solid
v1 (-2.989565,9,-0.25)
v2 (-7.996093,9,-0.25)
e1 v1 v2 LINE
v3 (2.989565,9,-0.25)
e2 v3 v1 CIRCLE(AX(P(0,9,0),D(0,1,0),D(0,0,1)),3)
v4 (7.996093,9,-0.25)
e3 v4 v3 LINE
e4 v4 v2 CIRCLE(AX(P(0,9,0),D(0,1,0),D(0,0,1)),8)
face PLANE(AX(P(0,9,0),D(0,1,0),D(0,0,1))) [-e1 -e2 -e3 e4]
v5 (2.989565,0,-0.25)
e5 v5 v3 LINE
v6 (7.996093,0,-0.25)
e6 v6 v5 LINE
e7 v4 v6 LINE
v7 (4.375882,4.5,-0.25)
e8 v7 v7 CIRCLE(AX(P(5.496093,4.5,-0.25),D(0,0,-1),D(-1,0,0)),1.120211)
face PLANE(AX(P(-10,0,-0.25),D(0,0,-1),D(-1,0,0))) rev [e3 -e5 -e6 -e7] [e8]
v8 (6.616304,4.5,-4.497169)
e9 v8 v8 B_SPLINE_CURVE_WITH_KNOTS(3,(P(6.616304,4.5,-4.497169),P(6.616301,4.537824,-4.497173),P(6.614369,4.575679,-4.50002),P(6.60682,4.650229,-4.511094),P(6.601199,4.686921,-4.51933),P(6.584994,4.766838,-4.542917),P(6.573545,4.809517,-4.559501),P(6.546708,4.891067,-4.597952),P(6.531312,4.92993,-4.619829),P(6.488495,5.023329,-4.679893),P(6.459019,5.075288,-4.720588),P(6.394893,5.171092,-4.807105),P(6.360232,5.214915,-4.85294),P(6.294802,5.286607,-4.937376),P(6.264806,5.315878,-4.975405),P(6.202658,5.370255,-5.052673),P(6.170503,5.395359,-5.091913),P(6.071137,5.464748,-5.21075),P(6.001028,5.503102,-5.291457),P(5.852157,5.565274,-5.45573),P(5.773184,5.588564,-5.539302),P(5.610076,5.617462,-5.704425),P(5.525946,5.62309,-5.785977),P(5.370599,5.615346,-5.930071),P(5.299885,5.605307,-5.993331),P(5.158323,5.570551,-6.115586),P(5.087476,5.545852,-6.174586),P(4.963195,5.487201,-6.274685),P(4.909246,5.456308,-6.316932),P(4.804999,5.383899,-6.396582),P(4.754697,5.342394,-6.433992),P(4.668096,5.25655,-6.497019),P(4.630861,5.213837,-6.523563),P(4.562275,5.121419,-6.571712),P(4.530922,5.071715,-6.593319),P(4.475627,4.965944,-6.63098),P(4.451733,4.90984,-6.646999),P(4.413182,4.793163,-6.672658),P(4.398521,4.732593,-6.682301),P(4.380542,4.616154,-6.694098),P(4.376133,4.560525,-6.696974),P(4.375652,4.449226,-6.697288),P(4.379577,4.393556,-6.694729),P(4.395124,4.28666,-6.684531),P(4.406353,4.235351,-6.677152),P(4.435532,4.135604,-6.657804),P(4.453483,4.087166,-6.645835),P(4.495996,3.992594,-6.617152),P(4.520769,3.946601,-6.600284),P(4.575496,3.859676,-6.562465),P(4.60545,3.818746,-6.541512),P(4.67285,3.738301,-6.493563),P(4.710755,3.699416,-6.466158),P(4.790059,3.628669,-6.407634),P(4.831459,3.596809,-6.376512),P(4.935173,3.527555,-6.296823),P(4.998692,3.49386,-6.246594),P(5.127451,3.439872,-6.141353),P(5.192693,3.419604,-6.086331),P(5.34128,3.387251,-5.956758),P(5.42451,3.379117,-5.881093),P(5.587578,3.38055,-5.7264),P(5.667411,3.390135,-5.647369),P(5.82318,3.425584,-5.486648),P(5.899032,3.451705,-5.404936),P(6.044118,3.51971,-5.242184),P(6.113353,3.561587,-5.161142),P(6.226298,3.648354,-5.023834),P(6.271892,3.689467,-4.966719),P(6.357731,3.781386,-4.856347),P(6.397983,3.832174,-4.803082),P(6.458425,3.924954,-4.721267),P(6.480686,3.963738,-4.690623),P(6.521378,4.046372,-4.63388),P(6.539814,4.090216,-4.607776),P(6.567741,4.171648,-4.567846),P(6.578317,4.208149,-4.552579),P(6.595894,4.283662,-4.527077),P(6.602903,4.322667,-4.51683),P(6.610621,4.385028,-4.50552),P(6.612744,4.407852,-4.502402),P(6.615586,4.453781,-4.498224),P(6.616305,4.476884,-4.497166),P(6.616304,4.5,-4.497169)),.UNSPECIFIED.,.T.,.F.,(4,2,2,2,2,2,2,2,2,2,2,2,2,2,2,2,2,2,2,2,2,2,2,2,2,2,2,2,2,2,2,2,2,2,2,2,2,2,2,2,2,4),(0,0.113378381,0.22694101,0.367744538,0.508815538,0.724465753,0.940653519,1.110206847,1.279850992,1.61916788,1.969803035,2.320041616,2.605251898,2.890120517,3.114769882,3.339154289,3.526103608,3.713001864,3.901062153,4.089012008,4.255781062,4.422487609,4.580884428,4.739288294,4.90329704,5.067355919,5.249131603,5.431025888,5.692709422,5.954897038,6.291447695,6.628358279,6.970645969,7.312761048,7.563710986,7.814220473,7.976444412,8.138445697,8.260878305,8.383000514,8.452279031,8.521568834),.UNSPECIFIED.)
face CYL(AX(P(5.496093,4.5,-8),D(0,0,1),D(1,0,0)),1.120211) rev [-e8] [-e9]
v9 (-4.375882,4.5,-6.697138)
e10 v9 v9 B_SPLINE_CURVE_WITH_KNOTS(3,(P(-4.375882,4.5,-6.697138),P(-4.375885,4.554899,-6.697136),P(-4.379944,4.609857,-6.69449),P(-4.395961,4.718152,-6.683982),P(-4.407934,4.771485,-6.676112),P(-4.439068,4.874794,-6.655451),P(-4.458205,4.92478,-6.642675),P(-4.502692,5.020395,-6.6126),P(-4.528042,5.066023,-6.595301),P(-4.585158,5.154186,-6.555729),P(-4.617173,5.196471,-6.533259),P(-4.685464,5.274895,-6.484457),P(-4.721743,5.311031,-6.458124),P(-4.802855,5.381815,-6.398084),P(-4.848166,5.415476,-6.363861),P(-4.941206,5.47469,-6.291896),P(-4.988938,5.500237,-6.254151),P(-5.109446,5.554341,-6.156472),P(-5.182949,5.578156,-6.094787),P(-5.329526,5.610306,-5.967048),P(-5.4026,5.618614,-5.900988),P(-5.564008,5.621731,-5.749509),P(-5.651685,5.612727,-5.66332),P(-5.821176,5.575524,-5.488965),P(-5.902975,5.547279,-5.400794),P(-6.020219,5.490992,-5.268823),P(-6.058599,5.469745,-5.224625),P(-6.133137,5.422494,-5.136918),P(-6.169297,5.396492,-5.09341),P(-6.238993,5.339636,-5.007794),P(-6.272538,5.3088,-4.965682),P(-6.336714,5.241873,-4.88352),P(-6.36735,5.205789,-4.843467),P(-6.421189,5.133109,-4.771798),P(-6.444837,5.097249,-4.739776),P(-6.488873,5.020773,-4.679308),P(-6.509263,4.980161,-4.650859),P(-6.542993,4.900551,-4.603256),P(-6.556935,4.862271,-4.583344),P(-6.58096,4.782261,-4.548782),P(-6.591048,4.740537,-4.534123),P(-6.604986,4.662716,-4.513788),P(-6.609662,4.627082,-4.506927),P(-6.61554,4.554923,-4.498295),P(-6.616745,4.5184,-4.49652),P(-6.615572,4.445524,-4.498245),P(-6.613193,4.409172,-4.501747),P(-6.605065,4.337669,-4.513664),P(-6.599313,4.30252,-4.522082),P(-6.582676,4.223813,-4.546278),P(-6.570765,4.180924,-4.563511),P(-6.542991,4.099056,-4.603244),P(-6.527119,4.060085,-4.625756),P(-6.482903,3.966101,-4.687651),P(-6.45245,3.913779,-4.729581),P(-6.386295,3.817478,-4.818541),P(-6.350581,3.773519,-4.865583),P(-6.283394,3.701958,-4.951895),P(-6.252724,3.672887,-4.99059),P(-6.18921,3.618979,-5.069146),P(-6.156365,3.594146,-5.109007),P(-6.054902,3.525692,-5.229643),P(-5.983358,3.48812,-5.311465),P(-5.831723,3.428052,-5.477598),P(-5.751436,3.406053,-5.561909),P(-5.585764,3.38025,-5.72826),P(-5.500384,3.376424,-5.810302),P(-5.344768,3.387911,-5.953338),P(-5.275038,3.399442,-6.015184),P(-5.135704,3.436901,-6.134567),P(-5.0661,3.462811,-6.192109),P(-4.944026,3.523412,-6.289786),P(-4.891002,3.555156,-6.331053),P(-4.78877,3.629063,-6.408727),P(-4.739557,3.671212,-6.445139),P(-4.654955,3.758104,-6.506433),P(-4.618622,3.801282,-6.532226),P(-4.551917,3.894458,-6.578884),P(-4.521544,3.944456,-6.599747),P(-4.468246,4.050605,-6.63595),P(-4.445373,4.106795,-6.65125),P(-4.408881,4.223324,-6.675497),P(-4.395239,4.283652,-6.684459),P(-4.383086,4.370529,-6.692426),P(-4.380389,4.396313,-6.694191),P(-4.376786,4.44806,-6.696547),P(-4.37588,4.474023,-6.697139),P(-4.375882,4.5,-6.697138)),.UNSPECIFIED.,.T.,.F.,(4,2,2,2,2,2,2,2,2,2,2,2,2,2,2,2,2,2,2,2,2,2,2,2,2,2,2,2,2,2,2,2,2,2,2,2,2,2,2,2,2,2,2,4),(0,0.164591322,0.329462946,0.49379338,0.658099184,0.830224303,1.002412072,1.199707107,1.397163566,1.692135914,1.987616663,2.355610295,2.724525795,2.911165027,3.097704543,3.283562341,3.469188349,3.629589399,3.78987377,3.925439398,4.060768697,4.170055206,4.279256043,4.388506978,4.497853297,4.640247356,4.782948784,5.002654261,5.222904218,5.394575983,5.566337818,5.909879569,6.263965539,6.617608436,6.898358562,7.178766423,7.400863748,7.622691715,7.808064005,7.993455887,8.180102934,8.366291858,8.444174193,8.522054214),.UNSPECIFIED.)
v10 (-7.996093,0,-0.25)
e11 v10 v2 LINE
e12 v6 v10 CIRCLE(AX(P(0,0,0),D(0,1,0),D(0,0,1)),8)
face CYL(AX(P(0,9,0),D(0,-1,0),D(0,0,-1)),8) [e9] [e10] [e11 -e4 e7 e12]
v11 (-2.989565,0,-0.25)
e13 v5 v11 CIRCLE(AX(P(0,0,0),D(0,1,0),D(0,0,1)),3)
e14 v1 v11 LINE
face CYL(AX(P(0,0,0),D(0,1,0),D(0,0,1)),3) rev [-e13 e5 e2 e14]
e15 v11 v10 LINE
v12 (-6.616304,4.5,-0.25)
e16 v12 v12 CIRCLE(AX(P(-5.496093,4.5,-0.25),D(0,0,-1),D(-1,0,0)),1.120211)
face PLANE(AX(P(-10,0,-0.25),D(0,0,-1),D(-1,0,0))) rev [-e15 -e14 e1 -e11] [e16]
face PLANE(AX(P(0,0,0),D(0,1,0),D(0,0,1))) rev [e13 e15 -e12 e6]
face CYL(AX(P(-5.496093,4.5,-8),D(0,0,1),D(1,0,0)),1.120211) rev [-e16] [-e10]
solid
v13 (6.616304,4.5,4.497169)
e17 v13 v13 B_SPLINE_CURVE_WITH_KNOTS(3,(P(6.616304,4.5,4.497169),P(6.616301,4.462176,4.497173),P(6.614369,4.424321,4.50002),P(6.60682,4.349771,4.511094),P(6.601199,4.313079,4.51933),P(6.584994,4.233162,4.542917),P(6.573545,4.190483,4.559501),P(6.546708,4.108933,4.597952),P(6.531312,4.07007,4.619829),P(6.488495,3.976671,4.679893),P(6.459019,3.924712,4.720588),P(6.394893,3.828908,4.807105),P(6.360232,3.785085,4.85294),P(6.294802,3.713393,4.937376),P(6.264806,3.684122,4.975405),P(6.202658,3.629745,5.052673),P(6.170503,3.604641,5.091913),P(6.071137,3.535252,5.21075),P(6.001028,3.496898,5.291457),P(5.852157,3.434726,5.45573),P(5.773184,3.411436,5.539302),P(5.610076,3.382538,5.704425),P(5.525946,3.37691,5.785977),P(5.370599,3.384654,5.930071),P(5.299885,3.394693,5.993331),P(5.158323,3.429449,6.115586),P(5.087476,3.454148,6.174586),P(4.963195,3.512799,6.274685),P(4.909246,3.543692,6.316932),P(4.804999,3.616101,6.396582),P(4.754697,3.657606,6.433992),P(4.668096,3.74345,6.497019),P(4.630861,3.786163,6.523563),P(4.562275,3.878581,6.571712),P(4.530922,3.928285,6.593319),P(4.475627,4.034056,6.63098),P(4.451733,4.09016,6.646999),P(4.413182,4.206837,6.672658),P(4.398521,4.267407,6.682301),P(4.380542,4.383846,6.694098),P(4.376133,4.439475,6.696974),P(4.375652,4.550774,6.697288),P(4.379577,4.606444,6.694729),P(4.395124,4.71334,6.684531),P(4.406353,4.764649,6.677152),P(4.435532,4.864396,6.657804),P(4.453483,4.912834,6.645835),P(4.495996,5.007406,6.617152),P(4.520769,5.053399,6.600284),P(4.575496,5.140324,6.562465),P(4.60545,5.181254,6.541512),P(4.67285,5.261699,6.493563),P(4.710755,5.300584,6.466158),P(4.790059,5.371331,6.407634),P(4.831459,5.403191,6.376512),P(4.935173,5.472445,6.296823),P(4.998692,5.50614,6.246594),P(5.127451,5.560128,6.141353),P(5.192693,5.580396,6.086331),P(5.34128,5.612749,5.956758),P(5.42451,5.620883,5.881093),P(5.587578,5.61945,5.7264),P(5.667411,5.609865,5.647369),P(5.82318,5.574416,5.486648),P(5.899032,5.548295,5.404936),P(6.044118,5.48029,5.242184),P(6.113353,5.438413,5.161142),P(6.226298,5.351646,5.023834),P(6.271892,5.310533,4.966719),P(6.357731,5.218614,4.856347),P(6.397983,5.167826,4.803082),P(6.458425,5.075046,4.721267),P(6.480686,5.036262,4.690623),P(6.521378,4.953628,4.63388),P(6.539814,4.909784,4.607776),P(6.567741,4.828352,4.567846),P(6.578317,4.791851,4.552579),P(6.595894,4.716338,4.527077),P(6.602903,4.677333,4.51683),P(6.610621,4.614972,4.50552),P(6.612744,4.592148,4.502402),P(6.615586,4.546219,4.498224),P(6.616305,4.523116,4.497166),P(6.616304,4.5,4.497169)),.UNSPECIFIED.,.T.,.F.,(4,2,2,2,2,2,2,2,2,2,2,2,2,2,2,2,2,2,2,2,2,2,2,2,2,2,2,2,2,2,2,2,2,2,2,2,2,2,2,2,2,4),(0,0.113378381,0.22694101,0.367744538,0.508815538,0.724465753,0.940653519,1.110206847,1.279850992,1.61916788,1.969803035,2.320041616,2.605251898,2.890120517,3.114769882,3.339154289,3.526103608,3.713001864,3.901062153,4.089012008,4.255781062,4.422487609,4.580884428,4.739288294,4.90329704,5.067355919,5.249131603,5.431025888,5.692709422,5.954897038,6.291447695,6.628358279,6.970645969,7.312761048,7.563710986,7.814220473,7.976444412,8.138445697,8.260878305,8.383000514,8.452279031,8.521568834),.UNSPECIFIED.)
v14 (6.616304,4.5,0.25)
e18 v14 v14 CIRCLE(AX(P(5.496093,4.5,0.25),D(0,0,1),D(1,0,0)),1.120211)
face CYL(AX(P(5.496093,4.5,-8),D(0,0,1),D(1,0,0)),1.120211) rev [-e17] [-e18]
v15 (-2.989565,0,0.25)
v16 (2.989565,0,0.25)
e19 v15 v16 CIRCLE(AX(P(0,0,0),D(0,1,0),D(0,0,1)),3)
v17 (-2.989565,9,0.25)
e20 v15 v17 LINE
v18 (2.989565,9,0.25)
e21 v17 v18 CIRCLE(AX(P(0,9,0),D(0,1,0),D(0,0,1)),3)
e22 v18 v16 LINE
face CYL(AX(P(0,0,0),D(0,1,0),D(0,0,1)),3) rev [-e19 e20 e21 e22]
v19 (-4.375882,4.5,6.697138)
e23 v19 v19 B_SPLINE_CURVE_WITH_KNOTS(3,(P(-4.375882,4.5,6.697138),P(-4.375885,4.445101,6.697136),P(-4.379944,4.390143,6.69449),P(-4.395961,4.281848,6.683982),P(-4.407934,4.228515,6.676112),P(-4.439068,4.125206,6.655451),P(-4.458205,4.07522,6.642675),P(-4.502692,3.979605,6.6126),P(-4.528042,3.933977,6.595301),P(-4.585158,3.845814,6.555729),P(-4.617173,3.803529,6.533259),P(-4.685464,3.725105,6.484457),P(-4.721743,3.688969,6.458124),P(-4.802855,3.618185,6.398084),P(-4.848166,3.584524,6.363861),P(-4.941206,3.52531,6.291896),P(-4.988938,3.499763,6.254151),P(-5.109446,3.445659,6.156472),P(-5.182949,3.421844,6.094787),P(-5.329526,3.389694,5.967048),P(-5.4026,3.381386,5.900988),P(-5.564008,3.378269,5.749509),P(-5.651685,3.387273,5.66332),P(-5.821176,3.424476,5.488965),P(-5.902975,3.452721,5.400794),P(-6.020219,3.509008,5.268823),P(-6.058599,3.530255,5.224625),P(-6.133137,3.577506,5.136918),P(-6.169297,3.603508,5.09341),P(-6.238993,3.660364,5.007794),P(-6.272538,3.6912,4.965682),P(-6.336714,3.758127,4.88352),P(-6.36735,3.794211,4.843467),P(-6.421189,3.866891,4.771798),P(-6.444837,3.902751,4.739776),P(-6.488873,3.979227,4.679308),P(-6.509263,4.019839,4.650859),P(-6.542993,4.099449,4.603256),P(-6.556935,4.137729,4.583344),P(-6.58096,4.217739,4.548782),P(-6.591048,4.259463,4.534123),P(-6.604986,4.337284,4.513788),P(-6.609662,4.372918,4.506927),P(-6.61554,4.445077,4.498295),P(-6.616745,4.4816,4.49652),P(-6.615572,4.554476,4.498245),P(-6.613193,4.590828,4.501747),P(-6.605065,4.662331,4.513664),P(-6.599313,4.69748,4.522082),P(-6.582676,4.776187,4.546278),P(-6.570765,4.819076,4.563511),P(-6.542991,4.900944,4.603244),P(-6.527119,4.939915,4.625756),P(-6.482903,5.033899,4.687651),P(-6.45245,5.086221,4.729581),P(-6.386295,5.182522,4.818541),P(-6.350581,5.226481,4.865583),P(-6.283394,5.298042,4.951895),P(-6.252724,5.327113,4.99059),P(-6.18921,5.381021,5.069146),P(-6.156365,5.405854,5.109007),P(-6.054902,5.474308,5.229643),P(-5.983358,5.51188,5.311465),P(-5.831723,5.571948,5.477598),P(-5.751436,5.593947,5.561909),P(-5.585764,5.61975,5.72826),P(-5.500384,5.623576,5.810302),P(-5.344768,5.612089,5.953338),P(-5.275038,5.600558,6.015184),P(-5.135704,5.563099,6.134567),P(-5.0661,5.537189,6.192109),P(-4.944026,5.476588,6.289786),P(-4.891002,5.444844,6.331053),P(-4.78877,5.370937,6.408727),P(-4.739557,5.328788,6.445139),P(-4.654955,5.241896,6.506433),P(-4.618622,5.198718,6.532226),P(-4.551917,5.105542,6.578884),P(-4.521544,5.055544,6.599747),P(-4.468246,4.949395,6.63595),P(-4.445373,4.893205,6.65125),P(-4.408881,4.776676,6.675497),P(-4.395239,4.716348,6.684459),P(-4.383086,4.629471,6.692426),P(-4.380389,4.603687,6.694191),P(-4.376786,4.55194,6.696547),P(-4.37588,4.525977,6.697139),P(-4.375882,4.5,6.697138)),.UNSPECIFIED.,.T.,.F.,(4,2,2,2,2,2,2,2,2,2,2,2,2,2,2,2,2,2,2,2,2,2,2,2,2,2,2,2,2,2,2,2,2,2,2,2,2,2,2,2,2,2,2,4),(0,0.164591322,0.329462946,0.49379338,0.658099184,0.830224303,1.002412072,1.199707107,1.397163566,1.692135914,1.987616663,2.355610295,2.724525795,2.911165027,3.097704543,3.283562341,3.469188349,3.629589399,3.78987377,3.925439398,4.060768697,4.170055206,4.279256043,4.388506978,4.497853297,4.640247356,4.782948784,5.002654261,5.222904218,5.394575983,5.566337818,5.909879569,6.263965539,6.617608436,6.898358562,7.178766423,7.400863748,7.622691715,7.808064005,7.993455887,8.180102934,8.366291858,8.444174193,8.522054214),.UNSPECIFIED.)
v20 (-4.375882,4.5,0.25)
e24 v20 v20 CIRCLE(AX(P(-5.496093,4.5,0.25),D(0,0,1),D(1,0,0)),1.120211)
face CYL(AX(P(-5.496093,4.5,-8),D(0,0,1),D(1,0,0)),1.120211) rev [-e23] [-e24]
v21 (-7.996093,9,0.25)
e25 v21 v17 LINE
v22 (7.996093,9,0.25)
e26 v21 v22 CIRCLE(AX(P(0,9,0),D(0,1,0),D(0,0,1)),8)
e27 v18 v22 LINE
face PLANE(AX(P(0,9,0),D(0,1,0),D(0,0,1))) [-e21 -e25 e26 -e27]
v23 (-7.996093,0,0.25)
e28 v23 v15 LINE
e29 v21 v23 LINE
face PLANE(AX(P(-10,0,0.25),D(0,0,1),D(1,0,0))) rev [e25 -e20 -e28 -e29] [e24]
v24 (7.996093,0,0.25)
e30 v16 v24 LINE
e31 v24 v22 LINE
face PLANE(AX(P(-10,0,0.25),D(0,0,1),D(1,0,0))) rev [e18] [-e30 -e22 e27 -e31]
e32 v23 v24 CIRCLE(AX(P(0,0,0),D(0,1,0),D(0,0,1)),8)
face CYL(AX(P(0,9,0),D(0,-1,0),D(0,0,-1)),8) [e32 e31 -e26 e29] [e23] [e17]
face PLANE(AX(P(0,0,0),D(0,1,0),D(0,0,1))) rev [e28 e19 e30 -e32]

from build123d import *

# Parameters (mm, degrees)
SKETCH_1_R               = 8
EXTRUDE_1_DEPTH          = 9
SKETCH_3_R               = 3
CUT_EXTRUDE_2_DEPTH      = 15.456832295
SKETCH_5_W               = 20
SKETCH_5_H               = 0.5
CUT_EXTRUDE_4_DEPTH      = 15.456832295
CUT_EXTRUDE_5_DEPTH      = 15.454670525
CUT_EXTRUDE_5_DEPTH_BACK = 15.454670525
SKETCH_6_R               = 1.12021095


with BuildPart() as part:
    # 草图1 → 凸台-拉伸1 (new body)
    with BuildSketch(Plane(origin=(0, 0, 0), x_dir=(1, 0, 0), z_dir=(0, 1, 0))):
        with Locations(Location((0, 0, 0), (0, 0, 270))):
            Circle(SKETCH_1_R)
    extrude(amount=EXTRUDE_1_DEPTH)

    # 草图3 → 切除-拉伸2 (cut, through all)
    with BuildSketch(Plane(origin=(0, 9, 0), x_dir=(1, 0, 0), z_dir=(0, 1, 0))):
        with Locations(Location((0, 0, 0), (0, 0, 270))):
            Circle(SKETCH_3_R)
    extrude(amount=-CUT_EXTRUDE_2_DEPTH, mode=Mode.SUBTRACT)

    # 草图5 → 切除-拉伸4 (cut, through all)
    with BuildSketch(Plane(origin=(0, 9, 0), x_dir=(1, 0, 0), z_dir=(0, 1, 0))):
        Rectangle(SKETCH_5_W, SKETCH_5_H)
    extrude(amount=-CUT_EXTRUDE_4_DEPTH, mode=Mode.SUBTRACT)


with BuildPart() as cut_extrude_4_piece_1:
    # of the separate pieces the step leaves, piece 1, a body of its own (cut_extrude_4_pieces)
    add(part.part.solids().sort_by_distance((-7.996092796, 0, 0.25))[0])


with BuildPart() as cut_extrude_4_piece_2:
    # of the separate pieces the step leaves, piece 2, a body of its own (cut_extrude_4_pieces)
    add(part.part.solids().sort_by_distance((7.996092796, 0, -0.25))[0])


with BuildPart() as cut_extrude_5_tool:
    # 草图6 → 切除-拉伸5 (new, two sides: drawn at the far end of the back side and taken through both)
    with BuildSketch(Plane.XY.offset(-CUT_EXTRUDE_5_DEPTH_BACK)):
        with Locations((5.496092796, 4.5)):
            Circle(SKETCH_6_R)
        with Locations((-5.496092796, 4.5)):
            Circle(SKETCH_6_R)
    extrude(amount=CUT_EXTRUDE_5_DEPTH + CUT_EXTRUDE_5_DEPTH_BACK)


with BuildPart() as cut_extrude_4_piece_1_1:
    add(cut_extrude_4_piece_1.part)

    # 切除-拉伸5: cut by cut_extrude_5_tool
    add(cut_extrude_5_tool.part, mode=Mode.SUBTRACT)


with BuildPart() as cut_extrude_4_piece_2_1:
    add(cut_extrude_4_piece_2.part)

    # 切除-拉伸5: cut by cut_extrude_5_tool
    add(cut_extrude_5_tool.part, mode=Mode.SUBTRACT)


solid = Compound([cut_extrude_4_piece_1_1.part, cut_extrude_4_piece_2_1.part])
